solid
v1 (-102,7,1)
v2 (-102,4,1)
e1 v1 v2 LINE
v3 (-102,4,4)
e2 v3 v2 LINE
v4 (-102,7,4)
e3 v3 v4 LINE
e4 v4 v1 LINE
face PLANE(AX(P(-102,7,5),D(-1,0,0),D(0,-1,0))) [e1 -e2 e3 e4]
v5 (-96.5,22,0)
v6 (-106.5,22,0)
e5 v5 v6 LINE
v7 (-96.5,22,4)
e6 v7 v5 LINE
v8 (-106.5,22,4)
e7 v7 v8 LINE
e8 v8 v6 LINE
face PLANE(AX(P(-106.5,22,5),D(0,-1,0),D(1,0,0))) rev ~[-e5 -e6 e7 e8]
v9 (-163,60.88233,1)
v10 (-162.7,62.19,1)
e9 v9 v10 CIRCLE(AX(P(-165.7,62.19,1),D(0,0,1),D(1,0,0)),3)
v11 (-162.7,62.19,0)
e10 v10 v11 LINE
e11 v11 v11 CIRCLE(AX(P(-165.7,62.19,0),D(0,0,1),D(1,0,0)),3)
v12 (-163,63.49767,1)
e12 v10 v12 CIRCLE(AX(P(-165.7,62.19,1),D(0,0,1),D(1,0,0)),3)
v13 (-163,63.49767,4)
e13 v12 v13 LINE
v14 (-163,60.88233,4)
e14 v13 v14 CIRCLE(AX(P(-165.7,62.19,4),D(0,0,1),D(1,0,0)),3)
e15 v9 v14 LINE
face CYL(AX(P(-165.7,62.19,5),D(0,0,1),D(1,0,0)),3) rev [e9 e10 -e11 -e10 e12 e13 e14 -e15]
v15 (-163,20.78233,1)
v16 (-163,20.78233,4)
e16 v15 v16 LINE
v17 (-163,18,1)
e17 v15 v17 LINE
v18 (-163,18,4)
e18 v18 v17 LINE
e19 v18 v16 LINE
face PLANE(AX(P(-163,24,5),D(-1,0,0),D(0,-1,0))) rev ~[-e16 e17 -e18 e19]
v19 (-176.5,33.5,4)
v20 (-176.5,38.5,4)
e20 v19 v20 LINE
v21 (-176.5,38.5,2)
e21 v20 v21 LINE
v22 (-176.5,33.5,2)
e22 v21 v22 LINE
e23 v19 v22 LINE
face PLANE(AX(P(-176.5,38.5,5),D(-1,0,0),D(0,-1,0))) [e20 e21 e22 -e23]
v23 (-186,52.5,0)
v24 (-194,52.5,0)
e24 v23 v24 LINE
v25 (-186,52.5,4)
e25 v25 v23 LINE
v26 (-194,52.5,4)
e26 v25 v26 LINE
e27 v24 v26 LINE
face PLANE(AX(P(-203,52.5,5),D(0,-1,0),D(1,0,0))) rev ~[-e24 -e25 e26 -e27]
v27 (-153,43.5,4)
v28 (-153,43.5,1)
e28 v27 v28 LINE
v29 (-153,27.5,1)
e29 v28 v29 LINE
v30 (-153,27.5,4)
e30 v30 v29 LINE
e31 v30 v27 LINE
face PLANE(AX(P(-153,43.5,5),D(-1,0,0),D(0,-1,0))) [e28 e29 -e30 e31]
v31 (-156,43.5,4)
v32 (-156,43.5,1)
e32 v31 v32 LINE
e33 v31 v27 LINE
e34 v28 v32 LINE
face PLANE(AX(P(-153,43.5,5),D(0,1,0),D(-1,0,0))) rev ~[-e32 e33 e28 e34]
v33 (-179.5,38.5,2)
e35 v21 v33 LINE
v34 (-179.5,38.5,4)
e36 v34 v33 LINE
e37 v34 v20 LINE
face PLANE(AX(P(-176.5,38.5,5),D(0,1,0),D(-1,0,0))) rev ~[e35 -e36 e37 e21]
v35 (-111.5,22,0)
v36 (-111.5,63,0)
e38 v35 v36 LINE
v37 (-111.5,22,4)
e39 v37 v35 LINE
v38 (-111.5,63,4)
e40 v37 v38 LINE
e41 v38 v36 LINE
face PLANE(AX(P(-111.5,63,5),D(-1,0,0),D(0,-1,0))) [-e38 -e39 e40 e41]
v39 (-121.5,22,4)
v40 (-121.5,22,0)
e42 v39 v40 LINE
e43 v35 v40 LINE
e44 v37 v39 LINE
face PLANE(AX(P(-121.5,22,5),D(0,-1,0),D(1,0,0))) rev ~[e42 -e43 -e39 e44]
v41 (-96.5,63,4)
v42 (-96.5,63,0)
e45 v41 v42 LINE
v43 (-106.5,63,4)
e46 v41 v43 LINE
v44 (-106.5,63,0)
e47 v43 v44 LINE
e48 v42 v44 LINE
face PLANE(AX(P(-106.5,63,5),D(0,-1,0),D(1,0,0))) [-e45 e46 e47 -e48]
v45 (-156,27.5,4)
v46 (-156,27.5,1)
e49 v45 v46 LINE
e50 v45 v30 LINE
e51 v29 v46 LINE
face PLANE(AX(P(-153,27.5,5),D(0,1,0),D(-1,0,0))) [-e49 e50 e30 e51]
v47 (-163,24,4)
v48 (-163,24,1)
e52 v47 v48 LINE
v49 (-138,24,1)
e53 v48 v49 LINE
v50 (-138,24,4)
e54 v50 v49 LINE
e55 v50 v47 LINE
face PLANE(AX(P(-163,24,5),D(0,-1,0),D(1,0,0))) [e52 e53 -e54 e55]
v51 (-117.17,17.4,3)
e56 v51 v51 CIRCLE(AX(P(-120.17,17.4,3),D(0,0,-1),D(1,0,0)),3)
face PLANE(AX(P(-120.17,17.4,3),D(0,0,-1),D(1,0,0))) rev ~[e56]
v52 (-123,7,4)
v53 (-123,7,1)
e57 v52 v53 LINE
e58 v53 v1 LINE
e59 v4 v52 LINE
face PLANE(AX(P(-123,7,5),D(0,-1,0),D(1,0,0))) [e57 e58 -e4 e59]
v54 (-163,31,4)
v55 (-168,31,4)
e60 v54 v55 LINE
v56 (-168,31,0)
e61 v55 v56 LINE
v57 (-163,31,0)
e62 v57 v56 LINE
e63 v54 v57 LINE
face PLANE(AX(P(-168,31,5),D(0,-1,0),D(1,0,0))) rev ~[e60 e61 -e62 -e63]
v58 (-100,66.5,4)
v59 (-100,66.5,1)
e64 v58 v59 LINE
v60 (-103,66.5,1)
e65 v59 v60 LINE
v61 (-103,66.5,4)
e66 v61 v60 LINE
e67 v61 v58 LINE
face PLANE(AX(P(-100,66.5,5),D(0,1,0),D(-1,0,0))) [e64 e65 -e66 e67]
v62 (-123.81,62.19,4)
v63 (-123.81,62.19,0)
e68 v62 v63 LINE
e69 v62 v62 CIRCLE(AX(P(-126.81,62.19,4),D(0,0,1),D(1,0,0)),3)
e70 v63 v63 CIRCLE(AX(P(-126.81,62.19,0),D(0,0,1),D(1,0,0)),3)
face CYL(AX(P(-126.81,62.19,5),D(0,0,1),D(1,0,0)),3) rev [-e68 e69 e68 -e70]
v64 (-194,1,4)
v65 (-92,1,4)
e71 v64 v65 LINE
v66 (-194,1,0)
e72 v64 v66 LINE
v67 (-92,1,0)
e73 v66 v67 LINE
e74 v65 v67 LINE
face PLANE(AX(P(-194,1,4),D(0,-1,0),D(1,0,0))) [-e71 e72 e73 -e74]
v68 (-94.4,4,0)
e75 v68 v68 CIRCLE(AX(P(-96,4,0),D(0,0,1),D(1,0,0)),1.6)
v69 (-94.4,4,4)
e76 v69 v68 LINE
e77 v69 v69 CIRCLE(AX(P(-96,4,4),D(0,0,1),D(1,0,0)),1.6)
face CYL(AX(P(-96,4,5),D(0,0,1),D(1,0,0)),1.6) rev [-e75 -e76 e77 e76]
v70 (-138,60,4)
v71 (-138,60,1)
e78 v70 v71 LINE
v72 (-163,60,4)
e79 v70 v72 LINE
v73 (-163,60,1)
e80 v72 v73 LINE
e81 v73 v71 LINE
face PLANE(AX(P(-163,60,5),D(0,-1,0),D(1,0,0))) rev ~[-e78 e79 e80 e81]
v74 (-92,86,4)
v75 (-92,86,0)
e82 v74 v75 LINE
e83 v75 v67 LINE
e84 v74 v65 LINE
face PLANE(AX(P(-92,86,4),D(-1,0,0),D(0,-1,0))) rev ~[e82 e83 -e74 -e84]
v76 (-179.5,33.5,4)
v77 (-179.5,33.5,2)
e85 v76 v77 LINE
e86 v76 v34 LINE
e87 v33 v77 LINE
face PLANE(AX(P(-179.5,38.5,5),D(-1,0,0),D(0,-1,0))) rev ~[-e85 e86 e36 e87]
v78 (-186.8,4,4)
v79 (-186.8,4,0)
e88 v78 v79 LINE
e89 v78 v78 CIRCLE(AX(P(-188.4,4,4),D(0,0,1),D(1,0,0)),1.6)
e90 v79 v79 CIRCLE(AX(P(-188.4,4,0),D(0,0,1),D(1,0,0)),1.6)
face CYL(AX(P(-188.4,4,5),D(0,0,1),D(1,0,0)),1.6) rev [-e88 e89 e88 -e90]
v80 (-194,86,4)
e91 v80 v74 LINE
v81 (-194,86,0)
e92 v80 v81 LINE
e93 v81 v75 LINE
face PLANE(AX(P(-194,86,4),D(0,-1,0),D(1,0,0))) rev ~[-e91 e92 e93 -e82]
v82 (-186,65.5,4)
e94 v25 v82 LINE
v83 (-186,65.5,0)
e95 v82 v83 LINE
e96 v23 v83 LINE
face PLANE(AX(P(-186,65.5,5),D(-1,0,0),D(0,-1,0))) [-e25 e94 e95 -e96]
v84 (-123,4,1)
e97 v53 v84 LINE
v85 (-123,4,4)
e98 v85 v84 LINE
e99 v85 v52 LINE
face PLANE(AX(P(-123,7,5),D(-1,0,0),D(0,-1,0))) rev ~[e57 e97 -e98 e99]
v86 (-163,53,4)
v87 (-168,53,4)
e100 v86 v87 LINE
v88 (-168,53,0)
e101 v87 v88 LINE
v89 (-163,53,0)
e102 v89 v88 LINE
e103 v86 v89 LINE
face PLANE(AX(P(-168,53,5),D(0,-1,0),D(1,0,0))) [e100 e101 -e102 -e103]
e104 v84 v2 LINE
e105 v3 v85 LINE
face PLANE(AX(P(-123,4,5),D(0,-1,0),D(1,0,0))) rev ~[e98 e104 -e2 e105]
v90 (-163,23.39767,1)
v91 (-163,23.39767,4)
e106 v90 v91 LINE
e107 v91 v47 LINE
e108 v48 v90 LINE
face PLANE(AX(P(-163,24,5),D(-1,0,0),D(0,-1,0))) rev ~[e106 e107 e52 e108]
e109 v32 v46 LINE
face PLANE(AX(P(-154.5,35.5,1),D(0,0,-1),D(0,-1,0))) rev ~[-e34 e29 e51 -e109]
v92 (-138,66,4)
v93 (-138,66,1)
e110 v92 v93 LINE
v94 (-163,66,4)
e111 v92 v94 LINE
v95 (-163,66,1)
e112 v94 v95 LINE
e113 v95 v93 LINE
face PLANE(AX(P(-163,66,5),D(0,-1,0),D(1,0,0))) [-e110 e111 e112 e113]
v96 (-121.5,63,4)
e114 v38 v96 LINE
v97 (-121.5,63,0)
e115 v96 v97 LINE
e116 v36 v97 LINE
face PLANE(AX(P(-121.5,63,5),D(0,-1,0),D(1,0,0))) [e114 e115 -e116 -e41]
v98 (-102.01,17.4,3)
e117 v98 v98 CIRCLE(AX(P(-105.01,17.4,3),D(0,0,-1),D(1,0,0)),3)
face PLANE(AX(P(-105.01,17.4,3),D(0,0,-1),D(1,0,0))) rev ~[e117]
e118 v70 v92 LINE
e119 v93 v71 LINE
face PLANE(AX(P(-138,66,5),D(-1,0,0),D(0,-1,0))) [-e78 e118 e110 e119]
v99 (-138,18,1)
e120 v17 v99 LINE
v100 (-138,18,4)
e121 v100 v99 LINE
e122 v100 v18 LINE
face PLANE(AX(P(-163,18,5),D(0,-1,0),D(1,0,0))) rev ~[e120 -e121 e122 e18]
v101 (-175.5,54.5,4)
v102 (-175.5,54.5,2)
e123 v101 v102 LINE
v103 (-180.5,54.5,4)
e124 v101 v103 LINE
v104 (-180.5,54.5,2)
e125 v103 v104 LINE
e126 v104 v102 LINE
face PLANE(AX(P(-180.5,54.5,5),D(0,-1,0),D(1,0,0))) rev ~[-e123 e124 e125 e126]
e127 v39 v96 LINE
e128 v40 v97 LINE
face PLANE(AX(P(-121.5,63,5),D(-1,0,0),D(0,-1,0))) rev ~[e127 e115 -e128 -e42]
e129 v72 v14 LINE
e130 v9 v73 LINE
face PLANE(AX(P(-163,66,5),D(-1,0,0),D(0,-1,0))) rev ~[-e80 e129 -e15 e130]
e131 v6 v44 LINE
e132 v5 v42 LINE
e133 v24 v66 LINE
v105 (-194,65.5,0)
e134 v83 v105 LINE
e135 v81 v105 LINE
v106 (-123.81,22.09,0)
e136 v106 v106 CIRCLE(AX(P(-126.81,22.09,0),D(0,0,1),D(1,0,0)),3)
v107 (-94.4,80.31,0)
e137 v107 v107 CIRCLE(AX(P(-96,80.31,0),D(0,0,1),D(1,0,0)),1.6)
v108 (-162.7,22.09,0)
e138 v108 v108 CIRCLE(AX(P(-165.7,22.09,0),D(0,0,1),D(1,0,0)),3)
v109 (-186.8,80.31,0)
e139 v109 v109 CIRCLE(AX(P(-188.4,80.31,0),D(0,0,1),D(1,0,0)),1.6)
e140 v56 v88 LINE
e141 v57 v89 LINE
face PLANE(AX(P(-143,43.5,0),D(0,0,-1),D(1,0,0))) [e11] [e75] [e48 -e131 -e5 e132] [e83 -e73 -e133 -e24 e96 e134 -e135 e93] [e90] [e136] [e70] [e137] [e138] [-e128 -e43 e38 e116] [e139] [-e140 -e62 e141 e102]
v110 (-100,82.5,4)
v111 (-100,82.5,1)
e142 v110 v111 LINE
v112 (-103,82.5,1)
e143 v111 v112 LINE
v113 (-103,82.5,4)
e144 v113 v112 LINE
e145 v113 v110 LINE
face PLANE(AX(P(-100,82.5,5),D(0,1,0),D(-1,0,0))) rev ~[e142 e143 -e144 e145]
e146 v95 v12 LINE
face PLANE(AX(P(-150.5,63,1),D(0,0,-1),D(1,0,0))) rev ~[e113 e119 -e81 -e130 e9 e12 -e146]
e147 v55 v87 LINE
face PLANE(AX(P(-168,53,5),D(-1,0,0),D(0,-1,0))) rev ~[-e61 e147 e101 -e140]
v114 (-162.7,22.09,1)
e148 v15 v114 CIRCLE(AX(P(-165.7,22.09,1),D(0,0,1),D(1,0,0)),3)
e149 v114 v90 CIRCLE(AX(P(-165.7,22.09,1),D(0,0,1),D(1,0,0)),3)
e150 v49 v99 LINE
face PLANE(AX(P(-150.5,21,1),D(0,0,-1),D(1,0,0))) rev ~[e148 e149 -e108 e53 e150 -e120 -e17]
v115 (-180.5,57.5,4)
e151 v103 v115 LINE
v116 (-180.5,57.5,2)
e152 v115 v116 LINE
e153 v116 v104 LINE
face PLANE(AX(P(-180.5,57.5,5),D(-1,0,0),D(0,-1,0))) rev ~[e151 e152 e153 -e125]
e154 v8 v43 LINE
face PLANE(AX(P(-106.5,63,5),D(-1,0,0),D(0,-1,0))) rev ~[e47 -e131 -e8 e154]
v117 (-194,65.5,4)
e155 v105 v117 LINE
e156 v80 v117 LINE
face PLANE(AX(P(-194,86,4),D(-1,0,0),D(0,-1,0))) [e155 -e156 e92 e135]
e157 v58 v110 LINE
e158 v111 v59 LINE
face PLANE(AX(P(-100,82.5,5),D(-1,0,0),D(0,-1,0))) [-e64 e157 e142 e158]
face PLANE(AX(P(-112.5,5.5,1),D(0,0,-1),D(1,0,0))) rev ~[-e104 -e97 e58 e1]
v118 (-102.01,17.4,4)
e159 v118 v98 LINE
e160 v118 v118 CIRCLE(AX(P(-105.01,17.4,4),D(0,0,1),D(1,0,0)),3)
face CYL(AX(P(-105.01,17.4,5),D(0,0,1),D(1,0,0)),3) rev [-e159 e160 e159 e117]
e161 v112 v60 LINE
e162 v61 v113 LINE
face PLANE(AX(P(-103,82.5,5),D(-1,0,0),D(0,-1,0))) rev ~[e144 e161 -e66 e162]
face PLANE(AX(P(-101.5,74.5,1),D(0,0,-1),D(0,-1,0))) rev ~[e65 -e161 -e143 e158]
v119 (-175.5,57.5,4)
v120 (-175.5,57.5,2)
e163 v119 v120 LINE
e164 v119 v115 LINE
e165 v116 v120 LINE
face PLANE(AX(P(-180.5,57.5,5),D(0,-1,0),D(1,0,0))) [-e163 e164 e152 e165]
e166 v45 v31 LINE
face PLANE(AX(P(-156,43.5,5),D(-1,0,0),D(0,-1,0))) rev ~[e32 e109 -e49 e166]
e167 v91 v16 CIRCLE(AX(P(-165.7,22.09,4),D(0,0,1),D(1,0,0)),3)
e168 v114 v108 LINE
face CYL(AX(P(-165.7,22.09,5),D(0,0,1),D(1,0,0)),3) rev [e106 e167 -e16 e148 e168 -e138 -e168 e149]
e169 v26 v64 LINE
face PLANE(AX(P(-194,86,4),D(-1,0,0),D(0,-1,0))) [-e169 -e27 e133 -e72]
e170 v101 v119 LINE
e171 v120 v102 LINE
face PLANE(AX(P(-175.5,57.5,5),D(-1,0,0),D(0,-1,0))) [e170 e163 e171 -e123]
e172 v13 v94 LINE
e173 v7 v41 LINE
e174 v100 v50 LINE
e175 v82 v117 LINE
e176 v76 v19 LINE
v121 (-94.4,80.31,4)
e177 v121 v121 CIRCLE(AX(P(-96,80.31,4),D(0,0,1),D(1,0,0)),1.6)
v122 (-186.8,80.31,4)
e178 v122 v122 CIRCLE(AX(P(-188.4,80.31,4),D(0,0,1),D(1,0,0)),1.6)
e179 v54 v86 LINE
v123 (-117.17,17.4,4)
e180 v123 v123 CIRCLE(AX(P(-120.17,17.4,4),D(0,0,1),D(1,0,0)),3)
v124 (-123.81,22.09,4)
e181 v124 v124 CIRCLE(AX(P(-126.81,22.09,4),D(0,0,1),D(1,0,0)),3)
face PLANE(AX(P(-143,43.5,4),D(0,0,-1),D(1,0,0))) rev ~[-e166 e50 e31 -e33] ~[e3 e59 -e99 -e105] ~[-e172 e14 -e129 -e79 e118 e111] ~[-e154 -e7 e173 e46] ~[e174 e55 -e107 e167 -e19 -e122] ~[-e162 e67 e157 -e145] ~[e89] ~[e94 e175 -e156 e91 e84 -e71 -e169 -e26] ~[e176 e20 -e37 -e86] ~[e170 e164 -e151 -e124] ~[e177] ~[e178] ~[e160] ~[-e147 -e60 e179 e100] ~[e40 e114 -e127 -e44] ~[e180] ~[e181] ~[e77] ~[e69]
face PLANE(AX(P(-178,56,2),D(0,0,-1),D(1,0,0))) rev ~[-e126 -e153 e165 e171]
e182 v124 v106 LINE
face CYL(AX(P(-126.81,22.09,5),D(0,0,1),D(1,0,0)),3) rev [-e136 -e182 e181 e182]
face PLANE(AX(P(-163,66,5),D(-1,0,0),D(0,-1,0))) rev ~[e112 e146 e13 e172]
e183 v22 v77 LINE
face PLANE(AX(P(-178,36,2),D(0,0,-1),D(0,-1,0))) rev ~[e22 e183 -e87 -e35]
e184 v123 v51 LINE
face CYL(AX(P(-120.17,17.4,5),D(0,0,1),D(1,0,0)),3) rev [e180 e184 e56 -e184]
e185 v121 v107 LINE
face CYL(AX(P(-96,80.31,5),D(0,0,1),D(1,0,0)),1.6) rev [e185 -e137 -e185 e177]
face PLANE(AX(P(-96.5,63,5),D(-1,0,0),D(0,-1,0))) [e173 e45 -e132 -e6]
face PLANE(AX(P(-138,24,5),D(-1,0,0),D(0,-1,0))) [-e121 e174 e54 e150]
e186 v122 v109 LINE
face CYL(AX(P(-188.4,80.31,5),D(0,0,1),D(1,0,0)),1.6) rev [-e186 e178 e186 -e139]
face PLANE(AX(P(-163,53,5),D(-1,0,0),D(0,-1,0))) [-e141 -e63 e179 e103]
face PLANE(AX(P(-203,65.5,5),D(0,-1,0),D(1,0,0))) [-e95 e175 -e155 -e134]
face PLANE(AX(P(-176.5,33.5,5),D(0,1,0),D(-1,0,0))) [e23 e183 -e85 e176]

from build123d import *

# Parameters (mm, degrees)
CYLINDER010_R          = 1.6
CYLINDER010_DEPTH      = 10
CYLINDER012_R          = 1.6
CYLINDER012_DEPTH      = 10
CYLINDER011_R          = 1.6
CYLINDER011_DEPTH      = 10
CYLINDER013_R          = 1.6
CYLINDER013_DEPTH      = 10
BOX014_W               = 16
BOX014_H               = 3
BOX014_DEPTH           = 4
BOX014_PLACEMENT_ANGLE = 90
BOX018_W               = 5
BOX018_H               = 3
BOX018_DEPTH           = 3
BOX018_PLACEMENT_ANGLE = 90
BOX013_W               = 16
BOX013_H               = 3
BOX013_DEPTH           = 4
BOX013_PLACEMENT_ANGLE = 90
BOX015_W               = 25
BOX015_H               = 6
BOX015_DEPTH           = 4
BOX016_W               = 25
BOX016_H               = 6
BOX016_DEPTH           = 4
BOX017_W               = 5
BOX017_H               = 3
BOX017_DEPTH           = 3
CYLINDER004_R          = 3
CYLINDER004_DEPTH      = 2
CYLINDER005_R          = 3
CYLINDER005_DEPTH      = 2
CYLINDER008_R          = 1.6
CYLINDER008_DEPTH      = 10
CYLINDER007_R          = 1.6
CYLINDER007_DEPTH      = 10
CYLINDER009_R          = 1.6
CYLINDER009_DEPTH      = 10
CYLINDER006_R          = 1.6
CYLINDER006_DEPTH      = 10
BOX012_W               = 21
BOX012_H               = 3
BOX012_DEPTH           = 4
CYLINDER001_R          = 3
CYLINDER001_DEPTH      = 10
CYLINDER002_R          = 3
CYLINDER002_DEPTH      = 10
CYLINDER_R             = 3
CYLINDER_DEPTH         = 10
CYLINDER003_R          = 3
CYLINDER003_DEPTH      = 10
BOX011_W               = 5
BOX011_H               = 22
BOX011_DEPTH           = 10
BOX009_W               = 10
BOX009_H               = 41
BOX009_DEPTH           = 10
BOX010_W               = 10
BOX010_H               = 41
BOX010_DEPTH           = 10
BOX006_W               = 17
BOX006_H               = 13
BOX006_DEPTH           = 10
BOX_W                  = 102
BOX_H                  = 85
BOX_DEPTH              = 4
CUT004_PLACEMENT_ANGLE = 180


with BuildPart() as cylinder010:
    # Cylinder010 → Cylinder010 (new body)
    with BuildSketch(Plane(origin=(3.6, 5.69, 0), x_dir=(1, 0, 0), z_dir=(0, 0, 1))):
        Circle(CYLINDER010_R)
    extrude(amount=CYLINDER010_DEPTH)


with BuildPart() as cylinder012:
    # Cylinder012 → Cylinder012 (new body)
    with BuildSketch(Plane(origin=(96, 5.69, 0), x_dir=(1, 0, 0), z_dir=(0, 0, 1))):
        Circle(CYLINDER012_R)
    extrude(amount=CYLINDER012_DEPTH)


with BuildPart() as cylinder011:
    # Cylinder011 → Cylinder011 (new body)
    with BuildSketch(Plane(origin=(3.6, 82, 0), x_dir=(1, 0, 0), z_dir=(0, 0, 1))):
        Circle(CYLINDER011_R)
    extrude(amount=CYLINDER011_DEPTH)


with BuildPart() as cylinder013:
    # Cylinder013 → Cylinder013 (new body)
    with BuildSketch(Plane(origin=(96, 82, 0), x_dir=(1, 0, 0), z_dir=(0, 0, 1))):
        Circle(CYLINDER013_R)
    extrude(amount=CYLINDER013_DEPTH)


with BuildPart() as pins_sd_card_reader:
    # Box014 → Box014 (new body)
    with BuildSketch(Plane.XY):
        with Locations((8, 1.5)):
            Rectangle(BOX014_W, BOX014_H)
    extrude(amount=BOX014_DEPTH)


with BuildPart() as pins_sd_card_reader_1:
    # Box014 placement: moved
    add(pins_sd_card_reader.part.moved(Location((39, 42.5, 0))).rotate(Axis((39, 42.5, 0), (0, 0, 1)), BOX014_PLACEMENT_ANGLE))


with BuildPart() as smd_capacitor:
    # Box018 → Box018 (new body)
    with BuildSketch(Plane.XY):
        with Locations((2.5, 1.5)):
            Rectangle(BOX018_W, BOX018_H)
    extrude(amount=BOX018_DEPTH)


with BuildPart() as smd_capacitor_1:
    # Box018 placement: moved
    add(smd_capacitor.part.moved(Location((15.5, 47.5, 0))).rotate(Axis((15.5, 47.5, 0), (0, 0, 1)), BOX018_PLACEMENT_ANGLE))


with BuildPart() as pins_bluetooth:
    # Box013 → Box013 (new body)
    with BuildSketch(Plane.XY):
        with Locations((8, 1.5)):
            Rectangle(BOX013_W, BOX013_H)
    extrude(amount=BOX013_DEPTH)


with BuildPart() as pins_bluetooth_1:
    # Box013 placement: moved
    add(pins_bluetooth.part.moved(Location((92, 3.5, 0))).rotate(Axis((92, 3.5, 0), (0, 0, 1)), BOX013_PLACEMENT_ANGLE))


with BuildPart() as box015:
    # Box015 → Box015 (new body)
    with BuildSketch(Plane(origin=(29, 62, 0), x_dir=(1, 0, 0), z_dir=(0, 0, 1))):
        with Locations((12.5, 3)):
            Rectangle(BOX015_W, BOX015_H)
    extrude(amount=BOX015_DEPTH)


with BuildPart() as box016:
    # Box016 → Box016 (new body)
    with BuildSketch(Plane(origin=(29, 20, 0), x_dir=(1, 0, 0), z_dir=(0, 0, 1))):
        with Locations((12.5, 3)):
            Rectangle(BOX016_W, BOX016_H)
    extrude(amount=BOX016_DEPTH)


with BuildPart() as smd_resistor:
    # Box017 → Box017 (new body)
    with BuildSketch(Plane(origin=(11.5, 28.5, 0), x_dir=(1, 0, 0), z_dir=(0, 0, 1))):
        with Locations((2.5, 1.5)):
            Rectangle(BOX017_W, BOX017_H)
    extrude(amount=BOX017_DEPTH)


with BuildPart() as cylinder004:
    # Cylinder004 → Cylinder004 (new body)
    with BuildSketch(Plane(origin=(86.99, 68.6, 0), x_dir=(1, 0, 0), z_dir=(0, 0, 1))):
        Circle(CYLINDER004_R)
    extrude(amount=CYLINDER004_DEPTH)


with BuildPart() as cylinder005:
    # Cylinder005 → Cylinder005 (new body)
    with BuildSketch(Plane(origin=(71.83, 68.6, 0), x_dir=(1, 0, 0), z_dir=(0, 0, 1))):
        Circle(CYLINDER005_R)
    extrude(amount=CYLINDER005_DEPTH)


with BuildPart() as cylinder008:
    # Cylinder008 → Cylinder008 (new body)
    with BuildSketch(Plane(origin=(96, 5.69, 0), x_dir=(1, 0, 0), z_dir=(0, 0, 1))):
        Circle(CYLINDER008_R)
    extrude(amount=CYLINDER008_DEPTH)


with BuildPart() as cylinder007:
    # Cylinder007 → Cylinder007 (new body)
    with BuildSketch(Plane(origin=(3.6, 82, 0), x_dir=(1, 0, 0), z_dir=(0, 0, 1))):
        Circle(CYLINDER007_R)
    extrude(amount=CYLINDER007_DEPTH)


with BuildPart() as cylinder009:
    # Cylinder009 → Cylinder009 (new body)
    with BuildSketch(Plane(origin=(96, 82, 0), x_dir=(1, 0, 0), z_dir=(0, 0, 1))):
        Circle(CYLINDER009_R)
    extrude(amount=CYLINDER009_DEPTH)


with BuildPart() as board_holes:
    # Cylinder006 → Cylinder006 (new body)
    with BuildSketch(Plane(origin=(3.6, 5.69, 0), x_dir=(1, 0, 0), z_dir=(0, 0, 1))):
        Circle(CYLINDER006_R)
    extrude(amount=CYLINDER006_DEPTH)

    # Fusion004: union Cylinder008, Cylinder007, Cylinder009
    add(cylinder008.part)
    add(cylinder007.part)
    add(cylinder009.part)


with BuildPart() as pins_smds_and_holes:
    # Box012 → Box012 (new body)
    with BuildSketch(Plane(origin=(69, 79, 0), x_dir=(1, 0, 0), z_dir=(0, 0, 1))):
        with Locations((10.5, 1.5)):
            Rectangle(BOX012_W, BOX012_H)
    extrude(amount=BOX012_DEPTH)

    # Fusion003: union pins_sd card reader, SMD capacitor, pins_bluetooth, Box015, Box016, SMD resistor, Cylinder004, Cylinder005, board holes
    add(pins_sd_card_reader_1.part)
    add(smd_capacitor_1.part)
    add(pins_bluetooth_1.part)
    add(box015.part)
    add(box016.part)
    add(smd_resistor.part)
    add(cylinder004.part)
    add(cylinder005.part)
    add(board_holes.part)

    # Fusion005: union Cylinder010, Cylinder012, Cylinder011, Cylinder013
    add(cylinder010.part)
    add(cylinder012.part)
    add(cylinder011.part)
    add(cylinder013.part)


with BuildPart() as cylinder001:
    # Cylinder001 → Cylinder001 (new body)
    with BuildSketch(Plane(origin=(26.3, 63.91, 0), x_dir=(1, 0, 0), z_dir=(0, 0, 1))):
        Circle(CYLINDER001_R)
    extrude(amount=CYLINDER001_DEPTH)


with BuildPart() as cylinder002:
    # Cylinder002 → Cylinder002 (new body)
    with BuildSketch(Plane(origin=(65.19, 23.81, 0), x_dir=(1, 0, 0), z_dir=(0, 0, 1))):
        Circle(CYLINDER002_R)
    extrude(amount=CYLINDER002_DEPTH)


with BuildPart() as cylinder:
    # Cylinder → Cylinder (new body)
    with BuildSketch(Plane(origin=(26.3, 23.81, 0), x_dir=(1, 0, 0), z_dir=(0, 0, 1))):
        Circle(CYLINDER_R)
    extrude(amount=CYLINDER_DEPTH)


with BuildPart() as cylinder003:
    # Cylinder003 → Cylinder003 (new body)
    with BuildSketch(Plane(origin=(65.19, 63.91, 0), x_dir=(1, 0, 0), z_dir=(0, 0, 1))):
        Circle(CYLINDER003_R)
    extrude(amount=CYLINDER003_DEPTH)


with BuildPart() as screen_holes:
    # Box011 → Box011 (new body)
    with BuildSketch(Plane(origin=(24, 33, 0), x_dir=(1, 0, 0), z_dir=(0, 0, 1))):
        with Locations((2.5, 11)):
            Rectangle(BOX011_W, BOX011_H)
    extrude(amount=BOX011_DEPTH)

    # Fusion002: union Cylinder001, Cylinder002, Cylinder, Cylinder003
    add(cylinder001.part)
    add(cylinder002.part)
    add(cylinder.part)
    add(cylinder003.part)


with BuildPart() as button_array:
    # Box009 → Box009 (new body)
    with BuildSketch(Plane(origin=(70.5, 23, 0), x_dir=(1, 0, 0), z_dir=(0, 0, 1))):
        with Locations((5, 20.5)):
            Rectangle(BOX009_W, BOX009_H)
    extrude(amount=BOX009_DEPTH)


with BuildPart() as button_arrays:
    # Box010 → Box010 (new body)
    with BuildSketch(Plane(origin=(85.5, 23, 0), x_dir=(1, 0, 0), z_dir=(0, 0, 1))):
        with Locations((5, 20.5)):
            Rectangle(BOX010_W, BOX010_H)
    extrude(amount=BOX010_DEPTH)

    # Fusion001: union button array
    add(button_array.part)


with BuildPart() as led_array_connector:
    # Box006 → Box006 (new body)
    with BuildSketch(Plane(origin=(-11, 20.5, 0), x_dir=(1, 0, 0), z_dir=(0, 0, 1))):
        with Locations((8.5, 6.5)):
            Rectangle(BOX006_W, BOX006_H)
    extrude(amount=BOX006_DEPTH)


with BuildPart() as final_top:
    # Box → Box (new body)
    with BuildSketch(Plane(origin=(-2, 0, 1), x_dir=(1, 0, 0), z_dir=(0, 0, 1))):
        with Locations((51, 42.5)):
            Rectangle(BOX_W, BOX_H)
    extrude(amount=BOX_DEPTH)

    # Cut001: cut led array connector
    add(led_array_connector.part, mode=Mode.SUBTRACT)

    # Cut002: cut button arrays
    add(button_arrays.part, mode=Mode.SUBTRACT)

    # Cut003: cut screen holes
    add(screen_holes.part, mode=Mode.SUBTRACT)

    # Cut004: cut pins_SMDs and holes
    add(pins_smds_and_holes.part, mode=Mode.SUBTRACT)


with BuildPart() as final_top_1:
    # Cut004 placement: moved
    add(final_top.part.moved(Location((-192, 86, 5))).rotate(Axis((-192, 86, 5), (1, 0, 0)), CUT004_PLACEMENT_ANGLE))


solid = final_top_1.part
